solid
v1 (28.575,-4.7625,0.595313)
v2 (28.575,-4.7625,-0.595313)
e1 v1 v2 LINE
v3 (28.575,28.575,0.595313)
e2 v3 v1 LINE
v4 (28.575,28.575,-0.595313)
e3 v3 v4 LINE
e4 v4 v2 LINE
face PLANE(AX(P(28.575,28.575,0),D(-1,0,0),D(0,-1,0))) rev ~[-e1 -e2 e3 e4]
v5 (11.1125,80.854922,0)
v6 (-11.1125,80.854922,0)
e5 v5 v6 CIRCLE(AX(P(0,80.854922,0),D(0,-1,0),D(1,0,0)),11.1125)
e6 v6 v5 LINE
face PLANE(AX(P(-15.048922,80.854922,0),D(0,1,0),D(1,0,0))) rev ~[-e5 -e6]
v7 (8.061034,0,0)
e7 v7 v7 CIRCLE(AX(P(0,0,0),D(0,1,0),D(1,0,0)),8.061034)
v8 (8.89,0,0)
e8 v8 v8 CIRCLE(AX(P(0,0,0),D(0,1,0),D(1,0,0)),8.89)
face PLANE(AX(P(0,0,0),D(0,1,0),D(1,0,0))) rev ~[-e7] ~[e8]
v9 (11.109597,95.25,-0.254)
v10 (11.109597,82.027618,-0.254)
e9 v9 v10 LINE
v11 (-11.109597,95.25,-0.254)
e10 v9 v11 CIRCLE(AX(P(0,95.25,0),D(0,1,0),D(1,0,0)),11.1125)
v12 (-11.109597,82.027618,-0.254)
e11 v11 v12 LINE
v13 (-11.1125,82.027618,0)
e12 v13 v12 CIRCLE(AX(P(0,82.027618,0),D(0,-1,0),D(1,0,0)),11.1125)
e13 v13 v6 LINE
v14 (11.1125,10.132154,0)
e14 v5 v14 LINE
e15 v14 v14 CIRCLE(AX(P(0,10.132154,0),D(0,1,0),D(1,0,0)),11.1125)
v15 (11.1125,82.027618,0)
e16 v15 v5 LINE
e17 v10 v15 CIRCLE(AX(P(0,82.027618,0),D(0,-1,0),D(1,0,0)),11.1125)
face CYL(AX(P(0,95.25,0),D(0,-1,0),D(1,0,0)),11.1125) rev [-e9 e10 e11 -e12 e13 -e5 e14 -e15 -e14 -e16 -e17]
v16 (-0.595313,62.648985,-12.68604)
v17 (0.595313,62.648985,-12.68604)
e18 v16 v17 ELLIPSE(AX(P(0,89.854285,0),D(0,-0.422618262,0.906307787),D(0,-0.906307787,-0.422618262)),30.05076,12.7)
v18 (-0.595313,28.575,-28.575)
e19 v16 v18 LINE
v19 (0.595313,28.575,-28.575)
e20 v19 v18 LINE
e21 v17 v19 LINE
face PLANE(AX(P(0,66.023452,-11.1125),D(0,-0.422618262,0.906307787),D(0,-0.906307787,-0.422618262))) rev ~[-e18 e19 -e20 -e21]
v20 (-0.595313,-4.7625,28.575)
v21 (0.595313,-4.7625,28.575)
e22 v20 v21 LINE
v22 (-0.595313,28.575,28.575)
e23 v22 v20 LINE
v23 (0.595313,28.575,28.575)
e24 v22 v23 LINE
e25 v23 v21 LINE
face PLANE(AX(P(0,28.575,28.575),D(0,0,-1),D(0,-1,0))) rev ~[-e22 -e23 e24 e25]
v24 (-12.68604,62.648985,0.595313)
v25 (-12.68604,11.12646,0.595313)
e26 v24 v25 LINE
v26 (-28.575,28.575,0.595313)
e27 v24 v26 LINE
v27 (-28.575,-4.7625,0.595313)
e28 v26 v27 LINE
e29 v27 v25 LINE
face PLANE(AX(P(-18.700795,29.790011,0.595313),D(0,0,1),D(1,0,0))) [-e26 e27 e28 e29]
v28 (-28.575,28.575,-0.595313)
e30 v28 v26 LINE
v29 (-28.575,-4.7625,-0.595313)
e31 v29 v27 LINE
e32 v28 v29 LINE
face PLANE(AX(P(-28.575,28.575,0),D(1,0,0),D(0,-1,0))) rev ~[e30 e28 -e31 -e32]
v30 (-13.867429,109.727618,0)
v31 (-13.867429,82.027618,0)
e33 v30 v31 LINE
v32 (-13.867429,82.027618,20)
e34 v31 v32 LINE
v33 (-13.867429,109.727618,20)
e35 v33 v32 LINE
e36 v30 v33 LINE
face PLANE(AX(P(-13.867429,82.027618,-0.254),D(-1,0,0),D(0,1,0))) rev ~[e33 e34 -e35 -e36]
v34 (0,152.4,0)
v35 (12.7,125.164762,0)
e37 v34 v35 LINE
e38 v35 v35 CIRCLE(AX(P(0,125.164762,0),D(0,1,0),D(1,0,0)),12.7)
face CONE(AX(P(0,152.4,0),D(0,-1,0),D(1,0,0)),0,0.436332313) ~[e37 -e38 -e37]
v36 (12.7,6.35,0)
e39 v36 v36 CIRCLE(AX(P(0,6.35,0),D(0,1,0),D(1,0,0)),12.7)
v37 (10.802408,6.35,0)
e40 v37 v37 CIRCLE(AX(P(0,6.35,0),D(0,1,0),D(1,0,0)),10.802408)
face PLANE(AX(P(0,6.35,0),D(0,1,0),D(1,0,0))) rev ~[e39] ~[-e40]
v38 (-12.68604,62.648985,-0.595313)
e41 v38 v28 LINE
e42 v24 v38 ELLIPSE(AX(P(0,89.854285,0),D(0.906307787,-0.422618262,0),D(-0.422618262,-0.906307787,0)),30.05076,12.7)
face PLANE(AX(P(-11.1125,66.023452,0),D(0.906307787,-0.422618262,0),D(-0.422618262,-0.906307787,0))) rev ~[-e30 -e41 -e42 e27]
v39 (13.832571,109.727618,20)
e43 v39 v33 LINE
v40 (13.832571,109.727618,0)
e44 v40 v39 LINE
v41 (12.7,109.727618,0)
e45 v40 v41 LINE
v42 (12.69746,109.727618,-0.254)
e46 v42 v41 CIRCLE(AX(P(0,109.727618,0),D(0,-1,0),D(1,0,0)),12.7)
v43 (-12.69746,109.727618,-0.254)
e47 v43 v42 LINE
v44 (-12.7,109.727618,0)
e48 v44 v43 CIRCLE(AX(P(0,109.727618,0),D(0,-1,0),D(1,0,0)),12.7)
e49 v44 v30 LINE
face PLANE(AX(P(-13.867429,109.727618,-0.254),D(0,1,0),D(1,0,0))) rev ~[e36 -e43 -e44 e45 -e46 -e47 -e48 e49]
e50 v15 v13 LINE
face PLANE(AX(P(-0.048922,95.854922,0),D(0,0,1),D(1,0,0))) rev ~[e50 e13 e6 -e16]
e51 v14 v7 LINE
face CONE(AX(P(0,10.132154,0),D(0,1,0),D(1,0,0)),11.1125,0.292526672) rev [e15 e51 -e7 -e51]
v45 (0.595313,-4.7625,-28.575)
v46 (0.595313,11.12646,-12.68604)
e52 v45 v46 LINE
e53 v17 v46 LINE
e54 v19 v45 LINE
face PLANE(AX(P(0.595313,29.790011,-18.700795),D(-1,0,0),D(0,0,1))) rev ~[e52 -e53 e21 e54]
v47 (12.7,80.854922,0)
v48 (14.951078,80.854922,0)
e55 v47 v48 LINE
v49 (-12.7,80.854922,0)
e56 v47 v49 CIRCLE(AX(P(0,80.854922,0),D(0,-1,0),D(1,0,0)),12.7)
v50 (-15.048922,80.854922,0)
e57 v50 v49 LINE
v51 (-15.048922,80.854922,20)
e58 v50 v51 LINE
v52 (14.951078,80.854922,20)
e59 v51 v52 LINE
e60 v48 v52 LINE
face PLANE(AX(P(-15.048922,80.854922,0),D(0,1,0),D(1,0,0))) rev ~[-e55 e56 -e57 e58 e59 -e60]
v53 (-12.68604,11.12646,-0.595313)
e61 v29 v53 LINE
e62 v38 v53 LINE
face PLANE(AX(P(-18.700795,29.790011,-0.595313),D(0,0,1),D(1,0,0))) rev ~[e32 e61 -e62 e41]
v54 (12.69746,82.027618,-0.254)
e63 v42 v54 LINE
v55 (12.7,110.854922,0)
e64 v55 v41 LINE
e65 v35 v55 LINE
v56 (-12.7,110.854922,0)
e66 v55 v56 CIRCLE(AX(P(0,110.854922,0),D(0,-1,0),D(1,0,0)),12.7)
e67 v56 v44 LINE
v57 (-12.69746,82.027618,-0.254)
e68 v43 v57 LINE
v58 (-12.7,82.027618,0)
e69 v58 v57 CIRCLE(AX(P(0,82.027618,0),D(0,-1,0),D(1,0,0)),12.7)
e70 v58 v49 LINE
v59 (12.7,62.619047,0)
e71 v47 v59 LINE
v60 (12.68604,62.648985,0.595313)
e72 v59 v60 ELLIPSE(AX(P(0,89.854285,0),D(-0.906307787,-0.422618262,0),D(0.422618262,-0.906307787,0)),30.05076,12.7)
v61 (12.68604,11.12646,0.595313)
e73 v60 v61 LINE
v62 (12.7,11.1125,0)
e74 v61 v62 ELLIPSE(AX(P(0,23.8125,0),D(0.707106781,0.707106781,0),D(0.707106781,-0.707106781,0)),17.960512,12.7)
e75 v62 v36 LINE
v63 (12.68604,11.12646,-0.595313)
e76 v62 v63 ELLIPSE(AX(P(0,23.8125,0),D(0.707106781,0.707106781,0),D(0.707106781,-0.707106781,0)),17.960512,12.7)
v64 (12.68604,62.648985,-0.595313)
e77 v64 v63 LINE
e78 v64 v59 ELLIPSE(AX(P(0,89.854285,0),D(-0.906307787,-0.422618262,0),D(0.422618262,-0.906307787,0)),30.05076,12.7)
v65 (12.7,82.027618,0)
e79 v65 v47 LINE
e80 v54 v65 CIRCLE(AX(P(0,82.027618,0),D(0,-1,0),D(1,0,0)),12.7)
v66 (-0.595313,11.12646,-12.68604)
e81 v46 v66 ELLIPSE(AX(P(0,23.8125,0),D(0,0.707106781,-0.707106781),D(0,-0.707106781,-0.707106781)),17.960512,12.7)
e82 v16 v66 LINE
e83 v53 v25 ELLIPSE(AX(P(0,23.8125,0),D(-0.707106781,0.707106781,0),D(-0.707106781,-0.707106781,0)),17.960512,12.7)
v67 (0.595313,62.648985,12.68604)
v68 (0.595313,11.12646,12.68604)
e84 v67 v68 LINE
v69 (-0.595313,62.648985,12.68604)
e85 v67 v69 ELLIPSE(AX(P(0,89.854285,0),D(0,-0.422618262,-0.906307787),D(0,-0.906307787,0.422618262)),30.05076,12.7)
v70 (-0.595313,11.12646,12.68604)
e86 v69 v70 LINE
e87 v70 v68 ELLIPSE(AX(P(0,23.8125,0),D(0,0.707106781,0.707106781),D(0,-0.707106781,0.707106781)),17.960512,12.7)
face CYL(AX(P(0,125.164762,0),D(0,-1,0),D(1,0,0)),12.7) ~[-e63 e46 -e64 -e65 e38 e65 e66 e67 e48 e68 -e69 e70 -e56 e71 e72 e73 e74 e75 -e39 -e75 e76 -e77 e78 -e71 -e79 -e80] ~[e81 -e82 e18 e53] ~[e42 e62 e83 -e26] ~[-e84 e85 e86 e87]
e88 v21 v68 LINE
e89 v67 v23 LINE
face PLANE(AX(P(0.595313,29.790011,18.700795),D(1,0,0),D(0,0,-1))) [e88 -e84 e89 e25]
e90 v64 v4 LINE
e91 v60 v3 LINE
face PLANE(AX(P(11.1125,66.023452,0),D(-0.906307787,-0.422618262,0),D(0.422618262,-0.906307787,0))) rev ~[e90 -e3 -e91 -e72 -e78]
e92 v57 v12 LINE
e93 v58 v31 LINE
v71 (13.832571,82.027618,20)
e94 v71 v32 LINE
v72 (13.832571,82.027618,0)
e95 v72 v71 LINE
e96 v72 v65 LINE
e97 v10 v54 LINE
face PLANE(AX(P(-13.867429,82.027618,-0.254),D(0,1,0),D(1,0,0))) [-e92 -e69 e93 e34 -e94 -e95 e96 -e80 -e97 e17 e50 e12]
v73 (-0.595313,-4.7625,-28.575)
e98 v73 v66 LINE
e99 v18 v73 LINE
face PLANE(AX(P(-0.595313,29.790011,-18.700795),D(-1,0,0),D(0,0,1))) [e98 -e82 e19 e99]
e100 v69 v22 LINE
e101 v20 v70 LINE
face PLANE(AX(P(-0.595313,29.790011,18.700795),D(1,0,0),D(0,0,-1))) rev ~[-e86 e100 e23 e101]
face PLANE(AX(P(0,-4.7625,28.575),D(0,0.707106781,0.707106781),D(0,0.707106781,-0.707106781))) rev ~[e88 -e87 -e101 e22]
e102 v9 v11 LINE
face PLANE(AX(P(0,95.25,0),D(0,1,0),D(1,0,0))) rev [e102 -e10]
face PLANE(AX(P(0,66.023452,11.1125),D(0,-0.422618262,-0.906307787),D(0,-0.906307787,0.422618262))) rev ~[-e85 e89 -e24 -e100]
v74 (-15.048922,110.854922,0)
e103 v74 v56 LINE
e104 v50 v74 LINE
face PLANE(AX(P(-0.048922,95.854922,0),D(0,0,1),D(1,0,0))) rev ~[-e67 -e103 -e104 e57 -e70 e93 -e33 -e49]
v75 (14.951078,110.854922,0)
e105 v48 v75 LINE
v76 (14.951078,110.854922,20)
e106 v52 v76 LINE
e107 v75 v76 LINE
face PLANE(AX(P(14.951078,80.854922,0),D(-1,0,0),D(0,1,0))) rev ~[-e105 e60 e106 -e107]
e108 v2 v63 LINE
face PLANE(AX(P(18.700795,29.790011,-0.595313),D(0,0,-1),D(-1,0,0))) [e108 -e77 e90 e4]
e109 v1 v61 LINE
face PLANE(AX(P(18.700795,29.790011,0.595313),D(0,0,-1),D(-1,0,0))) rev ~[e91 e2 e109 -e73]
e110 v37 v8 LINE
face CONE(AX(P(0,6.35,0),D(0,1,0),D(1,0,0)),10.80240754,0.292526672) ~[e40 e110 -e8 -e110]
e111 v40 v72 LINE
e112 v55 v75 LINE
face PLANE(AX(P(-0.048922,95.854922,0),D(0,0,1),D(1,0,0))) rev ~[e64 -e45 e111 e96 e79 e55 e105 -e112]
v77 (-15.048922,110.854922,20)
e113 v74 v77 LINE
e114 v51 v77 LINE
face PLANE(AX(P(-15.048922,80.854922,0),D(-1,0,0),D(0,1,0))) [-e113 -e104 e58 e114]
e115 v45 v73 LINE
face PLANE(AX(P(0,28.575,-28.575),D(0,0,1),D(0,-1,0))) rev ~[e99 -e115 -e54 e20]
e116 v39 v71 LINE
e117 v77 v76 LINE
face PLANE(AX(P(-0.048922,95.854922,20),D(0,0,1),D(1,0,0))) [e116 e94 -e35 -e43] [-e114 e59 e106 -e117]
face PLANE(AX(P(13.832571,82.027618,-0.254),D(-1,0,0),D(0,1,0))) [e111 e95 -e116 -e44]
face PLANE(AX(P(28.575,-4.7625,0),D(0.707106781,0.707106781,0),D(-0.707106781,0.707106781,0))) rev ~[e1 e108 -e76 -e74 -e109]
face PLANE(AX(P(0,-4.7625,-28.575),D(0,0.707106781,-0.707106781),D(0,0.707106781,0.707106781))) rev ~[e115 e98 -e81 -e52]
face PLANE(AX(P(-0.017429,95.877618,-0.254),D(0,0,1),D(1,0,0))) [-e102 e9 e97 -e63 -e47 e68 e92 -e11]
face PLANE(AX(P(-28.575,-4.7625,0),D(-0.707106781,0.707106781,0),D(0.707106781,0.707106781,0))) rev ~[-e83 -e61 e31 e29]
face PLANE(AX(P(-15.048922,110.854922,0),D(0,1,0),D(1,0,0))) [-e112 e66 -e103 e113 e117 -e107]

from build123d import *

# Parameters (mm, degrees)
BOSS_EXTRUDE1_DEPTH     = 0.5953125
CIRPATTERN1_COUNT       = 4
SKETCH6_W               = 30
SKETCH6_H               = 30
BOSS_EXTRUDE2_DEPTH     = 20
CUT_EXTRUDE2_DEPTH      = 25.636
CUT_EXTRUDE2_DEPTH_BACK = 0.254
SKETCH8_W               = 27.7
SKETCH8_H               = 27.7


with BuildPart() as part:
    # Sketch1 → Revolve2 (revolve)
    with BuildSketch(Plane.XY):
        Polygon((0, 0), (0, 152.4), (12.7, 125.16476211), (12.7, 6.35), (10.80240754, 6.35), (8.89, 0), align=None)
    revolve(axis=Axis((0, -1000, 0), (0, 1, 0)))

    # Sketch3 → Boss-Extrude1 (add, symmetric)
    with BuildSketch(Plane.XY):
        Polygon((11.1125, 66.023452099), (28.575, 28.575), (28.575, -4.7625), (11.1125, 12.7), align=None)
    boss_extrude1 = extrude(amount=BOSS_EXTRUDE1_DEPTH, both=True)

    # CirPattern1: Boss-Extrude1 ×4 about axis
    cirpattern1_axis = Axis((0, -12.620625, 0), (0, 1, 0))
    for i in range(1, CIRPATTERN1_COUNT):
        add(boss_extrude1.rotate(cirpattern1_axis, i * 360 / CIRPATTERN1_COUNT))

    # Sketch5 → Cut-Revolve1 (revolve, cut)
    with BuildSketch(Plane.XY):
        Polygon((0, 95.25), (0, 0), (8.061034129, 0), (11.1125, 10.132154301), (11.1125, 95.25), align=None)
    revolve(axis=Axis((0, -1000, 0), (0, 1, 0)), mode=Mode.SUBTRACT)

    # Sketch6 → Boss-Extrude2 (add)
    with BuildSketch(Plane(origin=(-5.901898503, 3.807192265, 0), x_dir=(1, 0, 0), z_dir=(0, 0, 1))):
        with Locations((5.85297619, 92.047729896)):
            Rectangle(SKETCH6_W, SKETCH6_H)
    extrude(amount=BOSS_EXTRUDE2_DEPTH)

    # Sketch8 → Cut-Extrude2 (cut, two sides: drawn at the far end of the back side and taken through both)
    with BuildSketch(Plane(origin=(72.442949274, -2.579929792, 0), x_dir=(1, 0, 0), z_dir=(0, 0, 1)).offset(-CUT_EXTRUDE2_DEPTH_BACK)):
        with Locations((-72.46037851, 98.457547314)):
            Rectangle(SKETCH8_W, SKETCH8_H)
    extrude(amount=CUT_EXTRUDE2_DEPTH + CUT_EXTRUDE2_DEPTH_BACK, mode=Mode.SUBTRACT)


solid = part.part
